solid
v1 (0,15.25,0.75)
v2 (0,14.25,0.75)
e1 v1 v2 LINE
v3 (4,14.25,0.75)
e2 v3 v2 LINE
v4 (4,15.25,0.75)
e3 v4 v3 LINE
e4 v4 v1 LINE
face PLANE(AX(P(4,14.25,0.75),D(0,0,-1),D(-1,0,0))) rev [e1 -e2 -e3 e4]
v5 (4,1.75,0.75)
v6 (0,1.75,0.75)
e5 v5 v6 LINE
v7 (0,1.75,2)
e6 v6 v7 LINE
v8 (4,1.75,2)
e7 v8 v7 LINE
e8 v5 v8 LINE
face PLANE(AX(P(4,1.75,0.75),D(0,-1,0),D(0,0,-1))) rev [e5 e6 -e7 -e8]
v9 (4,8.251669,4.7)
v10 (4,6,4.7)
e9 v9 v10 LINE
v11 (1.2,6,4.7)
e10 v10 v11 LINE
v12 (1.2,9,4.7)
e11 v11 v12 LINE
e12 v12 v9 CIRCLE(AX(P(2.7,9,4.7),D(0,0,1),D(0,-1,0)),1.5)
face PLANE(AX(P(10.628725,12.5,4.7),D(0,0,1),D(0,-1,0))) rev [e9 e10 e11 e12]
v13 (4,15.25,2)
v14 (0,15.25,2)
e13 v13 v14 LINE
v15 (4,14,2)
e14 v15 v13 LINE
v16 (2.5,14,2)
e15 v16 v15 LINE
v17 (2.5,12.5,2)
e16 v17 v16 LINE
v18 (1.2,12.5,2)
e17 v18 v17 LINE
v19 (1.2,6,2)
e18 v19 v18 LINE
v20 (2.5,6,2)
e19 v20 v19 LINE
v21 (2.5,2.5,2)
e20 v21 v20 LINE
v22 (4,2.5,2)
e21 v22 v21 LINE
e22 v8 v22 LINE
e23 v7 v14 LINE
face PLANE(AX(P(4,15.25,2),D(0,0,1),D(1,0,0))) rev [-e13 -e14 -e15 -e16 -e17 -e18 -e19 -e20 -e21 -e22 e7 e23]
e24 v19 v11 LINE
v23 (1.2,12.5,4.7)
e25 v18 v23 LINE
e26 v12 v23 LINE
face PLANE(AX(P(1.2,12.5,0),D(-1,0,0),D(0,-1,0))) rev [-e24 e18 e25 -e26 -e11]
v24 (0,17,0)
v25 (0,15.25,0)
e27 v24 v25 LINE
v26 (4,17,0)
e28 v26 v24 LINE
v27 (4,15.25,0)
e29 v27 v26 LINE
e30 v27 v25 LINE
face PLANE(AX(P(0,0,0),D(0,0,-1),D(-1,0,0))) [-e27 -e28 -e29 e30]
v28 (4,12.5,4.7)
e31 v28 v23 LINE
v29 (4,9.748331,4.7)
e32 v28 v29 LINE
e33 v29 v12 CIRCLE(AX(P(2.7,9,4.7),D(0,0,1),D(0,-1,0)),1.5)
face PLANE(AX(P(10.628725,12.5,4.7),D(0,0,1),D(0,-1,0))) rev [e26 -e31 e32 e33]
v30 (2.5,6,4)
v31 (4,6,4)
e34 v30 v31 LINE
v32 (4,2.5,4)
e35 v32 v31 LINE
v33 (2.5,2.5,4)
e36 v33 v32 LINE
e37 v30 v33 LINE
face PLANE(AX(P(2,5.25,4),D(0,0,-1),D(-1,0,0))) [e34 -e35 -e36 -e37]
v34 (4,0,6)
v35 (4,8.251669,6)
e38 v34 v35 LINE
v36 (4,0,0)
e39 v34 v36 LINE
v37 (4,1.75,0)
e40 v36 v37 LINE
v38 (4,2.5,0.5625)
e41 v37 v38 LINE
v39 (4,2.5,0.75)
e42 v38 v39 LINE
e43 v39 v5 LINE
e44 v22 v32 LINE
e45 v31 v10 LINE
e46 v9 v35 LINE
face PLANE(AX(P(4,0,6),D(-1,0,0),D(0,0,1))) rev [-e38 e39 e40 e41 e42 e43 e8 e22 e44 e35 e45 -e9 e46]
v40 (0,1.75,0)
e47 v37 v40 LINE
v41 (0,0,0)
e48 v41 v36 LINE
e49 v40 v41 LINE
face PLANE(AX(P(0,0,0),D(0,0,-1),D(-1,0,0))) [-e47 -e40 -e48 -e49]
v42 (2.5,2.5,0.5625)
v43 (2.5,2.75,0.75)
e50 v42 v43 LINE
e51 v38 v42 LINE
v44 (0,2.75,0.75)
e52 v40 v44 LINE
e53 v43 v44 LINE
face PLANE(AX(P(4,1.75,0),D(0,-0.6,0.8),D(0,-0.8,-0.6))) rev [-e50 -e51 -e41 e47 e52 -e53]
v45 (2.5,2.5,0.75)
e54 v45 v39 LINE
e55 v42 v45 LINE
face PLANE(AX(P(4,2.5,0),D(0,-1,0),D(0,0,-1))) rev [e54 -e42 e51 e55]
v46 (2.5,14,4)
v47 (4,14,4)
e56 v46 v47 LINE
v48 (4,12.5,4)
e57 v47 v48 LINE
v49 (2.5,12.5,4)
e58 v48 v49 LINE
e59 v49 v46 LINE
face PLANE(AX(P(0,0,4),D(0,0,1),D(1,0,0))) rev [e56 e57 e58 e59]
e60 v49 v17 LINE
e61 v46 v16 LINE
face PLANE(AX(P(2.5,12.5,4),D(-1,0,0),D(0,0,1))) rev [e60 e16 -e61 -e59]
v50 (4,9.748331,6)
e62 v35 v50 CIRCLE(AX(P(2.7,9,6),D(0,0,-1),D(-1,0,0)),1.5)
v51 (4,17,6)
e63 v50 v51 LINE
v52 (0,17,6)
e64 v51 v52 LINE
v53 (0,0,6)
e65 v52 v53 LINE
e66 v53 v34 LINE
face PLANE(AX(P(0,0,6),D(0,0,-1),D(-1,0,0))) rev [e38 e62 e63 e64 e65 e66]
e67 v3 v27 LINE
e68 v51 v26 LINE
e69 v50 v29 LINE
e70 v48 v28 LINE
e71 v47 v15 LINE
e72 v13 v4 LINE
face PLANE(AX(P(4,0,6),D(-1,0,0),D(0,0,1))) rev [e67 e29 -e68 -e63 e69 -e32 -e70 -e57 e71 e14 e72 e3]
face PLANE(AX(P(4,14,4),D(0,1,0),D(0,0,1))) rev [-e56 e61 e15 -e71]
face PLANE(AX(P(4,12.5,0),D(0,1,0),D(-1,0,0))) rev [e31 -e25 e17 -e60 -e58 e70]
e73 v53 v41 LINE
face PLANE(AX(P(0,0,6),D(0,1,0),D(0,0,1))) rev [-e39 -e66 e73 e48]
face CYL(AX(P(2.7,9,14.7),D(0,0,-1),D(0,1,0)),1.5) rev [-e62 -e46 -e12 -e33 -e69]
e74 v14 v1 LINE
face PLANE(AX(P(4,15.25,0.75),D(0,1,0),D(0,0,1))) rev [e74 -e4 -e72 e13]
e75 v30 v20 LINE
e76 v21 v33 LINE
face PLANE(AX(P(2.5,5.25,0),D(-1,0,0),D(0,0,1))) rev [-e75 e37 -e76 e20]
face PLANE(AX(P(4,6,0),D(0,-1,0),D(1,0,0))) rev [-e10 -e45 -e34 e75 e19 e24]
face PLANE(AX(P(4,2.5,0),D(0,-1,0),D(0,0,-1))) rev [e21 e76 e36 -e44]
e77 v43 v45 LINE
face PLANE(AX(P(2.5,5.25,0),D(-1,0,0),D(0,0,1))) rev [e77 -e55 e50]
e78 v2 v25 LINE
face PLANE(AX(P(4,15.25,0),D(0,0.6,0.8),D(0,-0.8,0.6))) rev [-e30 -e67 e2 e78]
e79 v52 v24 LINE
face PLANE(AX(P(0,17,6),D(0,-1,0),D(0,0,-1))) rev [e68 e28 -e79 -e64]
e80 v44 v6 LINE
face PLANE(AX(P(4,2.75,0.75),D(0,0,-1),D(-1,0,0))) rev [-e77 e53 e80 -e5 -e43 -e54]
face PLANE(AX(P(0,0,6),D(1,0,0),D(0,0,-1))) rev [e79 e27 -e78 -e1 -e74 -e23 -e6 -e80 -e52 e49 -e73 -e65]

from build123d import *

# Parameters (mm, degrees)
SKETCH1_W           = 4
SKETCH1_H           = 17
BOSS_EXTRUDE1_DEPTH = 6
SKETCH2_W           = 2.8
SKETCH2_H           = 6.5
SKETCH2_W_2         = 1.5
SKETCH2_H_2         = 2.75
CUT_EXTRUDE1_DEPTH  = 19.466185313
CUT_EXTRUDE2_DEPTH  = 19.466185313
SKETCH4_W           = 2
SKETCH4_H           = 2.75
BOSS_EXTRUDE2_DEPTH = 2
SKETCH6_W           = 1.5
SKETCH6_H           = 1.5
SKETCH6_H_2         = 0.75
CUT_EXTRUDE3_DEPTH  = 2
SKETCH7_W           = 1.3
SKETCH7_H           = 6.5
BOSS_EXTRUDE3_DEPTH = 2.8
SKETCH8_R           = 1.5
CUT_EXTRUDE4_DEPTH  = 10


with BuildPart() as part:
    # Sketch1 → Boss-Extrude1 (new body)
    with BuildSketch(Plane.XY):
        with Locations((2, 8.5)):
            Rectangle(SKETCH1_W, SKETCH1_H)
    extrude(amount=BOSS_EXTRUDE1_DEPTH)

    # Sketch2 → Cut-Extrude1 (cut, through all)
    with BuildSketch(Plane.XY.offset(6)):
        with Locations((2.6, 9.25)):
            Rectangle(SKETCH2_W, SKETCH2_H)
        with Locations((3.25, 3.875)):
            Rectangle(SKETCH2_W_2, SKETCH2_H_2)
    extrude(amount=-CUT_EXTRUDE1_DEPTH, mode=Mode.SUBTRACT)

    # Sketch3 → Cut-Extrude2 (cut, through all)
    with BuildSketch(Plane.ZY):
        Polygon((0, 15.25), (0.75, 14.25), (0.75, 15.25), (2, 15.25), (2, 1.75), (0.75, 1.75), (0.75, 2.75), (0, 1.75), align=None)
    extrude(amount=-CUT_EXTRUDE2_DEPTH, mode=Mode.SUBTRACT)

    # Sketch4 → Boss-Extrude2 (add)
    with BuildSketch(Plane(origin=(4, 0, 0), x_dir=(0, 0, -1), z_dir=(1, 0, 0))):
        with Locations((-5, 3.875)):
            Rectangle(SKETCH4_W, SKETCH4_H)
    extrude(amount=-BOSS_EXTRUDE2_DEPTH)

    # Sketch6 → Cut-Extrude3 (cut)
    with BuildSketch(Plane(origin=(0, 0, 2), x_dir=(-1, 0, 0), z_dir=(0, 0, -1))):
        with Locations((-3.25, 13.25)):
            Rectangle(SKETCH6_W, SKETCH6_H)
        with Locations((-3.25, 5.625)):
            Rectangle(SKETCH6_W, SKETCH6_H_2)
    extrude(amount=-CUT_EXTRUDE3_DEPTH, mode=Mode.SUBTRACT)

    # Sketch7 → Boss-Extrude3 (add)
    with BuildSketch(Plane(origin=(1.2, 0, 0), x_dir=(0, 0, -1), z_dir=(1, 0, 0))):
        with Locations((-5.35, 9.25)):
            Rectangle(SKETCH7_W, SKETCH7_H)
    extrude(amount=BOSS_EXTRUDE3_DEPTH)

    # Sketch8 → Cut-Extrude4 (cut)
    with BuildSketch(Plane(origin=(0, 0, 4.7), x_dir=(-1, 0, 0), z_dir=(0, 0, -1))):
        with Locations((-2.7, 9)):
            Circle(SKETCH8_R)
    extrude(amount=-CUT_EXTRUDE4_DEPTH, mode=Mode.SUBTRACT)


solid = part.part
